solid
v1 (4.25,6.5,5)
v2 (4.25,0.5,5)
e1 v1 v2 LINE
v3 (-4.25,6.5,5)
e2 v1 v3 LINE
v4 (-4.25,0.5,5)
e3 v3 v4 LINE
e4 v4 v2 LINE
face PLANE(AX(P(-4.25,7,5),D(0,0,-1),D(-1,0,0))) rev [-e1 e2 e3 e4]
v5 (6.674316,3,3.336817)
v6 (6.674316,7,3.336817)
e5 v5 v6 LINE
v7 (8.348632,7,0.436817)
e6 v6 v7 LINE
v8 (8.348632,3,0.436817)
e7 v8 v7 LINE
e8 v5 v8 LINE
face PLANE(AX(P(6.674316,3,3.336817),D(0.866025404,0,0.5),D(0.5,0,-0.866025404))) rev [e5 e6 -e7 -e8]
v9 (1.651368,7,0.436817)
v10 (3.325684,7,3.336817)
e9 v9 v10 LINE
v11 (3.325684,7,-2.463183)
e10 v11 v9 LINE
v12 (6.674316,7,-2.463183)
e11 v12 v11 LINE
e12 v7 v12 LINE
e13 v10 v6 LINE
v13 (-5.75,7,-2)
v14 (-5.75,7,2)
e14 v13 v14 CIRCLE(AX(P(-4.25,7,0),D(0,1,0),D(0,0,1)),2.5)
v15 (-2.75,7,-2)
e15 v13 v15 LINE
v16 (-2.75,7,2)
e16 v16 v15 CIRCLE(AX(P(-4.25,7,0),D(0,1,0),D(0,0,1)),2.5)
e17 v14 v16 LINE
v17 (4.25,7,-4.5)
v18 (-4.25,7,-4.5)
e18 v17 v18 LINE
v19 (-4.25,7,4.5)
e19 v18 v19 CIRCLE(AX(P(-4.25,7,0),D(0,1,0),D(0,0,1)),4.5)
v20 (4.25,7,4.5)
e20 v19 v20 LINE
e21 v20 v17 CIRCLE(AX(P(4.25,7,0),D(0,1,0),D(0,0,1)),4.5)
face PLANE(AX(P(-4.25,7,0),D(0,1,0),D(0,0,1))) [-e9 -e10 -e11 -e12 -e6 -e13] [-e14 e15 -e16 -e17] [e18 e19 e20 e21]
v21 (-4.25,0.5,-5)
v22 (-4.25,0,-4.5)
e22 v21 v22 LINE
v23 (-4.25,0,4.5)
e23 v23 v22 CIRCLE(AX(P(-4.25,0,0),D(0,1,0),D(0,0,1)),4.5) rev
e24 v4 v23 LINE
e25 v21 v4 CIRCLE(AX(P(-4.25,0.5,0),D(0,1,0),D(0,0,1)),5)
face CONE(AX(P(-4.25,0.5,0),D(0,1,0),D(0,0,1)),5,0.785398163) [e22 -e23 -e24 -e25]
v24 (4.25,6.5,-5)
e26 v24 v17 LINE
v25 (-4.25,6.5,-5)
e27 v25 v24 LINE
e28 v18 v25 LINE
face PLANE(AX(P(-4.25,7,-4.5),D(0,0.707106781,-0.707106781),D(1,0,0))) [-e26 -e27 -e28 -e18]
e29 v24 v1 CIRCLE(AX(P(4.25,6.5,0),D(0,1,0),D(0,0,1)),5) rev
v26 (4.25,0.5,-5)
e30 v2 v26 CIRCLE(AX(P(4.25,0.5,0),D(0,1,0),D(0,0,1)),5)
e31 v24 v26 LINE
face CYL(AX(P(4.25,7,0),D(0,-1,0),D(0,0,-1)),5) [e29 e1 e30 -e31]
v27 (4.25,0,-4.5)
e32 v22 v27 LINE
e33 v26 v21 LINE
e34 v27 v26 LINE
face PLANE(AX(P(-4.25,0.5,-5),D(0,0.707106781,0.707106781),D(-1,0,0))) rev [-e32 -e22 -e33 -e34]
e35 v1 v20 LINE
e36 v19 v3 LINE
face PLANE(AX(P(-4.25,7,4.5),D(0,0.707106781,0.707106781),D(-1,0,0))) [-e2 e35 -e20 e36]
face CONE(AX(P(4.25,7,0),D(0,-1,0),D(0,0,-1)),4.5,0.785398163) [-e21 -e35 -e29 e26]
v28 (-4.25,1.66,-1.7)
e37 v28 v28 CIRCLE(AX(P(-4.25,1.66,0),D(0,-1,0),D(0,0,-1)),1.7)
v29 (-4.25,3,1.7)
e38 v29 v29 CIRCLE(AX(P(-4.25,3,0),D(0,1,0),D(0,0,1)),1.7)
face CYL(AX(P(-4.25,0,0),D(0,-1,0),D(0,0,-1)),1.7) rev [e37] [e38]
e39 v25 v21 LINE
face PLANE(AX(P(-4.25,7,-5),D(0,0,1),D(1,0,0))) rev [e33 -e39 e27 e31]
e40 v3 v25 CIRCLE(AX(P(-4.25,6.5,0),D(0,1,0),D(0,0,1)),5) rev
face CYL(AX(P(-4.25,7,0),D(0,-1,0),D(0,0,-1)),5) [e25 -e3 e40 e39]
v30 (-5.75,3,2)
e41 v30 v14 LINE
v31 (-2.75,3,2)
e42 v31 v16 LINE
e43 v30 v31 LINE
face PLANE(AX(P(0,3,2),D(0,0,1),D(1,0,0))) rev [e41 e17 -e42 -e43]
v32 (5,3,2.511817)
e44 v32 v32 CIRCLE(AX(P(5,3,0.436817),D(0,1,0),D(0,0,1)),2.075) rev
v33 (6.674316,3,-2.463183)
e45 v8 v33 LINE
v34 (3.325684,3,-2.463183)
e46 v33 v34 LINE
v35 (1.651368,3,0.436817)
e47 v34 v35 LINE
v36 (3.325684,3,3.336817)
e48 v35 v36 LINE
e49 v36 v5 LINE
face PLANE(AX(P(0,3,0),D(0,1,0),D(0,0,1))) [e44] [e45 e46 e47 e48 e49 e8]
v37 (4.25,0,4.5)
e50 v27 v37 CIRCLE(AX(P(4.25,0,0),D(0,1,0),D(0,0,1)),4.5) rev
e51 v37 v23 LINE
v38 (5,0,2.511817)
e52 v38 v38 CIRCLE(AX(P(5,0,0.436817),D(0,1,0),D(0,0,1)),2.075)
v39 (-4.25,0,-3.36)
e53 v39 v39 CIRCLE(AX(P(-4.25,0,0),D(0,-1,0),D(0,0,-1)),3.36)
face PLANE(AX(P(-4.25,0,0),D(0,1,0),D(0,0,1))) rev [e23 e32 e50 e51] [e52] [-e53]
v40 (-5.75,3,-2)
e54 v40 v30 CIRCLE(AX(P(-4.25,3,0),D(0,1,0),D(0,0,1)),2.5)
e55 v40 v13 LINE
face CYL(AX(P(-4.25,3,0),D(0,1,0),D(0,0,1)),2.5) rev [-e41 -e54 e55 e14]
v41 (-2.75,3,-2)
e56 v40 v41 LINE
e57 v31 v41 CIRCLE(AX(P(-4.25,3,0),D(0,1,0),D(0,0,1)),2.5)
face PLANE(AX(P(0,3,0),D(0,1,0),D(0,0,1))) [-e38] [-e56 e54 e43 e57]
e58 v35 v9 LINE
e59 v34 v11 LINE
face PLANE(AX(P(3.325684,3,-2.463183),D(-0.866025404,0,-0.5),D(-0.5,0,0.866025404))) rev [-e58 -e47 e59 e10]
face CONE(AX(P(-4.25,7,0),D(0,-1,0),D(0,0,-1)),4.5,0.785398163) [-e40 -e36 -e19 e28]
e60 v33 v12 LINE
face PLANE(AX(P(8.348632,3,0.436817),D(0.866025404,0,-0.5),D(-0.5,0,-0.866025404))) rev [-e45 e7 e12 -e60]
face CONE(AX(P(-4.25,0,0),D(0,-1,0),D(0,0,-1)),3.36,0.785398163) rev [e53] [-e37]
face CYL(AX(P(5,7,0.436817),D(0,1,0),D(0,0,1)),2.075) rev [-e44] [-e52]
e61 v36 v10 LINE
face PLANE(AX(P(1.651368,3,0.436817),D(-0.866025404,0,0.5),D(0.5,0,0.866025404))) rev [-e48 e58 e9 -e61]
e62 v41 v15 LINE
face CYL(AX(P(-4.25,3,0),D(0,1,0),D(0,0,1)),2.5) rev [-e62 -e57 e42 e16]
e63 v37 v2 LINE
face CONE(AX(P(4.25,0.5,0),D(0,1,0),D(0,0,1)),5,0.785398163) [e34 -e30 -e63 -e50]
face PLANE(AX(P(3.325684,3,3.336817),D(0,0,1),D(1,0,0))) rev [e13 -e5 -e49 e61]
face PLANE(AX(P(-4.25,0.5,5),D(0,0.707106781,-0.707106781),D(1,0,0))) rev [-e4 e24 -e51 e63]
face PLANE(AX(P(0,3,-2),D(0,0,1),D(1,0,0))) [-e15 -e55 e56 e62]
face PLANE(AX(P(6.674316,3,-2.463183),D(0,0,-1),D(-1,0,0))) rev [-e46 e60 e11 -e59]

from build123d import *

# Parameters (mm, degrees)
EXTRUDE_1_DEPTH              = 7
CUT_EXTRUDE_1_DEPTH          = 4
HOLE_WIZARD_M3_1_D           = 3.4
HOLE_WIZARD_M3_1_DEPTH       = 7.5
HOLE_WIZARD_M3_1_CSINK_D     = 6.72
HOLE_WIZARD_M3_1_CSINK_ANGLE = 90
HOLE_WIZARD_M3_1_TIP         = 1.021463052
HOLE_WIZARD_1_D              = 4.15
CUT_EXTRUDE_2_DEPTH          = 4
CHAMFER_1_SIZE               = 0.5


with BuildPart() as part:
    # 草图1 → 凸台-拉伸1 (new body)
    with BuildSketch(Plane(origin=(0, 0, 0), x_dir=(1, 0, 0), z_dir=(0, 1, 0))):
        with BuildLine():
            Line((-4.25, 5), (4.25, 5))
            ThreePointArc((4.25, 5), (9.25, 0), (4.25, -5))
            Line((4.25, -5), (-4.25, -5))
            ThreePointArc((-4.25, -5), (-9.25, 0), (-4.25, 5))
        make_face()
    extrude(amount=EXTRUDE_1_DEPTH)

    # 草图2 → 切除-拉伸1 (cut)
    with BuildSketch(Plane(origin=(0, 7, 0), x_dir=(1, 0, 0), z_dir=(0, 1, 0))):
        with BuildLine():
            Line((-2.75, 2), (-5.75, 2))
            ThreePointArc((-5.75, 2), (-6.75, 0), (-5.75, -2))
            Line((-5.75, -2), (-2.75, -2))
            ThreePointArc((-2.75, -2), (-2.013932023, -1.118033989), (-1.75, 0))
            ThreePointArc((-1.75, 0), (-2.013932023, 1.118033989), (-2.75, 2))
        make_face()
    extrude(amount=-CUT_EXTRUDE_1_DEPTH, mode=Mode.SUBTRACT)

    # M3 六角凹锥坑螺钉的锥形沉头孔1
    with Locations(Plane(origin=(0, 0, 0), x_dir=(-1, 0, 0), z_dir=(0, -1, 0))):
        with Locations((4.25, 0)):
            CounterSinkHole(HOLE_WIZARD_M3_1_D / 2, HOLE_WIZARD_M3_1_CSINK_D / 2, depth=HOLE_WIZARD_M3_1_DEPTH, counter_sink_angle=HOLE_WIZARD_M3_1_CSINK_ANGLE)
            with Locations((0, 0, -(HOLE_WIZARD_M3_1_DEPTH + HOLE_WIZARD_M3_1_TIP / 2))):  # 118° drill point
                Cone(0, HOLE_WIZARD_M3_1_D / 2, HOLE_WIZARD_M3_1_TIP, mode=Mode.SUBTRACT)

    # 孔1 (through all)
    with Locations(Plane(origin=(0, 7, 0), x_dir=(1, 0, 0), z_dir=(0, 1, 0))):
        with Locations((5, -0.436816998)):
            Hole(HOLE_WIZARD_1_D / 2)

    # 草图12 → 切除-拉伸2 (cut)
    with BuildSketch(Plane(origin=(0, 7, 0), x_dir=(1, 0, 0), z_dir=(0, 1, 0))):
        Polygon((8.348631561, -0.436816998), (6.674315781, 2.463183002), (3.325684219, 2.463183002), (1.651368439, -0.436816998), (3.325684219, -3.336816998), (6.674315781, -3.336816998), align=None)
    extrude(amount=-CUT_EXTRUDE_2_DEPTH, mode=Mode.SUBTRACT)

    # 倒角1
    chamfer_1_edges = [part.edges().sort_by_distance(p)[0] for p in [
        (9.25, 7, 0),
        (0, 7, -5),
        (-9.25, 7, 0),
        (0, 0, -5),
        (9.25, 0, 0),
        (0, 0, 5),
        (-9.25, 0, 0),
        (0, 7, 5),
    ]]
    chamfer(chamfer_1_edges, length=CHAMFER_1_SIZE)


solid = part.part
